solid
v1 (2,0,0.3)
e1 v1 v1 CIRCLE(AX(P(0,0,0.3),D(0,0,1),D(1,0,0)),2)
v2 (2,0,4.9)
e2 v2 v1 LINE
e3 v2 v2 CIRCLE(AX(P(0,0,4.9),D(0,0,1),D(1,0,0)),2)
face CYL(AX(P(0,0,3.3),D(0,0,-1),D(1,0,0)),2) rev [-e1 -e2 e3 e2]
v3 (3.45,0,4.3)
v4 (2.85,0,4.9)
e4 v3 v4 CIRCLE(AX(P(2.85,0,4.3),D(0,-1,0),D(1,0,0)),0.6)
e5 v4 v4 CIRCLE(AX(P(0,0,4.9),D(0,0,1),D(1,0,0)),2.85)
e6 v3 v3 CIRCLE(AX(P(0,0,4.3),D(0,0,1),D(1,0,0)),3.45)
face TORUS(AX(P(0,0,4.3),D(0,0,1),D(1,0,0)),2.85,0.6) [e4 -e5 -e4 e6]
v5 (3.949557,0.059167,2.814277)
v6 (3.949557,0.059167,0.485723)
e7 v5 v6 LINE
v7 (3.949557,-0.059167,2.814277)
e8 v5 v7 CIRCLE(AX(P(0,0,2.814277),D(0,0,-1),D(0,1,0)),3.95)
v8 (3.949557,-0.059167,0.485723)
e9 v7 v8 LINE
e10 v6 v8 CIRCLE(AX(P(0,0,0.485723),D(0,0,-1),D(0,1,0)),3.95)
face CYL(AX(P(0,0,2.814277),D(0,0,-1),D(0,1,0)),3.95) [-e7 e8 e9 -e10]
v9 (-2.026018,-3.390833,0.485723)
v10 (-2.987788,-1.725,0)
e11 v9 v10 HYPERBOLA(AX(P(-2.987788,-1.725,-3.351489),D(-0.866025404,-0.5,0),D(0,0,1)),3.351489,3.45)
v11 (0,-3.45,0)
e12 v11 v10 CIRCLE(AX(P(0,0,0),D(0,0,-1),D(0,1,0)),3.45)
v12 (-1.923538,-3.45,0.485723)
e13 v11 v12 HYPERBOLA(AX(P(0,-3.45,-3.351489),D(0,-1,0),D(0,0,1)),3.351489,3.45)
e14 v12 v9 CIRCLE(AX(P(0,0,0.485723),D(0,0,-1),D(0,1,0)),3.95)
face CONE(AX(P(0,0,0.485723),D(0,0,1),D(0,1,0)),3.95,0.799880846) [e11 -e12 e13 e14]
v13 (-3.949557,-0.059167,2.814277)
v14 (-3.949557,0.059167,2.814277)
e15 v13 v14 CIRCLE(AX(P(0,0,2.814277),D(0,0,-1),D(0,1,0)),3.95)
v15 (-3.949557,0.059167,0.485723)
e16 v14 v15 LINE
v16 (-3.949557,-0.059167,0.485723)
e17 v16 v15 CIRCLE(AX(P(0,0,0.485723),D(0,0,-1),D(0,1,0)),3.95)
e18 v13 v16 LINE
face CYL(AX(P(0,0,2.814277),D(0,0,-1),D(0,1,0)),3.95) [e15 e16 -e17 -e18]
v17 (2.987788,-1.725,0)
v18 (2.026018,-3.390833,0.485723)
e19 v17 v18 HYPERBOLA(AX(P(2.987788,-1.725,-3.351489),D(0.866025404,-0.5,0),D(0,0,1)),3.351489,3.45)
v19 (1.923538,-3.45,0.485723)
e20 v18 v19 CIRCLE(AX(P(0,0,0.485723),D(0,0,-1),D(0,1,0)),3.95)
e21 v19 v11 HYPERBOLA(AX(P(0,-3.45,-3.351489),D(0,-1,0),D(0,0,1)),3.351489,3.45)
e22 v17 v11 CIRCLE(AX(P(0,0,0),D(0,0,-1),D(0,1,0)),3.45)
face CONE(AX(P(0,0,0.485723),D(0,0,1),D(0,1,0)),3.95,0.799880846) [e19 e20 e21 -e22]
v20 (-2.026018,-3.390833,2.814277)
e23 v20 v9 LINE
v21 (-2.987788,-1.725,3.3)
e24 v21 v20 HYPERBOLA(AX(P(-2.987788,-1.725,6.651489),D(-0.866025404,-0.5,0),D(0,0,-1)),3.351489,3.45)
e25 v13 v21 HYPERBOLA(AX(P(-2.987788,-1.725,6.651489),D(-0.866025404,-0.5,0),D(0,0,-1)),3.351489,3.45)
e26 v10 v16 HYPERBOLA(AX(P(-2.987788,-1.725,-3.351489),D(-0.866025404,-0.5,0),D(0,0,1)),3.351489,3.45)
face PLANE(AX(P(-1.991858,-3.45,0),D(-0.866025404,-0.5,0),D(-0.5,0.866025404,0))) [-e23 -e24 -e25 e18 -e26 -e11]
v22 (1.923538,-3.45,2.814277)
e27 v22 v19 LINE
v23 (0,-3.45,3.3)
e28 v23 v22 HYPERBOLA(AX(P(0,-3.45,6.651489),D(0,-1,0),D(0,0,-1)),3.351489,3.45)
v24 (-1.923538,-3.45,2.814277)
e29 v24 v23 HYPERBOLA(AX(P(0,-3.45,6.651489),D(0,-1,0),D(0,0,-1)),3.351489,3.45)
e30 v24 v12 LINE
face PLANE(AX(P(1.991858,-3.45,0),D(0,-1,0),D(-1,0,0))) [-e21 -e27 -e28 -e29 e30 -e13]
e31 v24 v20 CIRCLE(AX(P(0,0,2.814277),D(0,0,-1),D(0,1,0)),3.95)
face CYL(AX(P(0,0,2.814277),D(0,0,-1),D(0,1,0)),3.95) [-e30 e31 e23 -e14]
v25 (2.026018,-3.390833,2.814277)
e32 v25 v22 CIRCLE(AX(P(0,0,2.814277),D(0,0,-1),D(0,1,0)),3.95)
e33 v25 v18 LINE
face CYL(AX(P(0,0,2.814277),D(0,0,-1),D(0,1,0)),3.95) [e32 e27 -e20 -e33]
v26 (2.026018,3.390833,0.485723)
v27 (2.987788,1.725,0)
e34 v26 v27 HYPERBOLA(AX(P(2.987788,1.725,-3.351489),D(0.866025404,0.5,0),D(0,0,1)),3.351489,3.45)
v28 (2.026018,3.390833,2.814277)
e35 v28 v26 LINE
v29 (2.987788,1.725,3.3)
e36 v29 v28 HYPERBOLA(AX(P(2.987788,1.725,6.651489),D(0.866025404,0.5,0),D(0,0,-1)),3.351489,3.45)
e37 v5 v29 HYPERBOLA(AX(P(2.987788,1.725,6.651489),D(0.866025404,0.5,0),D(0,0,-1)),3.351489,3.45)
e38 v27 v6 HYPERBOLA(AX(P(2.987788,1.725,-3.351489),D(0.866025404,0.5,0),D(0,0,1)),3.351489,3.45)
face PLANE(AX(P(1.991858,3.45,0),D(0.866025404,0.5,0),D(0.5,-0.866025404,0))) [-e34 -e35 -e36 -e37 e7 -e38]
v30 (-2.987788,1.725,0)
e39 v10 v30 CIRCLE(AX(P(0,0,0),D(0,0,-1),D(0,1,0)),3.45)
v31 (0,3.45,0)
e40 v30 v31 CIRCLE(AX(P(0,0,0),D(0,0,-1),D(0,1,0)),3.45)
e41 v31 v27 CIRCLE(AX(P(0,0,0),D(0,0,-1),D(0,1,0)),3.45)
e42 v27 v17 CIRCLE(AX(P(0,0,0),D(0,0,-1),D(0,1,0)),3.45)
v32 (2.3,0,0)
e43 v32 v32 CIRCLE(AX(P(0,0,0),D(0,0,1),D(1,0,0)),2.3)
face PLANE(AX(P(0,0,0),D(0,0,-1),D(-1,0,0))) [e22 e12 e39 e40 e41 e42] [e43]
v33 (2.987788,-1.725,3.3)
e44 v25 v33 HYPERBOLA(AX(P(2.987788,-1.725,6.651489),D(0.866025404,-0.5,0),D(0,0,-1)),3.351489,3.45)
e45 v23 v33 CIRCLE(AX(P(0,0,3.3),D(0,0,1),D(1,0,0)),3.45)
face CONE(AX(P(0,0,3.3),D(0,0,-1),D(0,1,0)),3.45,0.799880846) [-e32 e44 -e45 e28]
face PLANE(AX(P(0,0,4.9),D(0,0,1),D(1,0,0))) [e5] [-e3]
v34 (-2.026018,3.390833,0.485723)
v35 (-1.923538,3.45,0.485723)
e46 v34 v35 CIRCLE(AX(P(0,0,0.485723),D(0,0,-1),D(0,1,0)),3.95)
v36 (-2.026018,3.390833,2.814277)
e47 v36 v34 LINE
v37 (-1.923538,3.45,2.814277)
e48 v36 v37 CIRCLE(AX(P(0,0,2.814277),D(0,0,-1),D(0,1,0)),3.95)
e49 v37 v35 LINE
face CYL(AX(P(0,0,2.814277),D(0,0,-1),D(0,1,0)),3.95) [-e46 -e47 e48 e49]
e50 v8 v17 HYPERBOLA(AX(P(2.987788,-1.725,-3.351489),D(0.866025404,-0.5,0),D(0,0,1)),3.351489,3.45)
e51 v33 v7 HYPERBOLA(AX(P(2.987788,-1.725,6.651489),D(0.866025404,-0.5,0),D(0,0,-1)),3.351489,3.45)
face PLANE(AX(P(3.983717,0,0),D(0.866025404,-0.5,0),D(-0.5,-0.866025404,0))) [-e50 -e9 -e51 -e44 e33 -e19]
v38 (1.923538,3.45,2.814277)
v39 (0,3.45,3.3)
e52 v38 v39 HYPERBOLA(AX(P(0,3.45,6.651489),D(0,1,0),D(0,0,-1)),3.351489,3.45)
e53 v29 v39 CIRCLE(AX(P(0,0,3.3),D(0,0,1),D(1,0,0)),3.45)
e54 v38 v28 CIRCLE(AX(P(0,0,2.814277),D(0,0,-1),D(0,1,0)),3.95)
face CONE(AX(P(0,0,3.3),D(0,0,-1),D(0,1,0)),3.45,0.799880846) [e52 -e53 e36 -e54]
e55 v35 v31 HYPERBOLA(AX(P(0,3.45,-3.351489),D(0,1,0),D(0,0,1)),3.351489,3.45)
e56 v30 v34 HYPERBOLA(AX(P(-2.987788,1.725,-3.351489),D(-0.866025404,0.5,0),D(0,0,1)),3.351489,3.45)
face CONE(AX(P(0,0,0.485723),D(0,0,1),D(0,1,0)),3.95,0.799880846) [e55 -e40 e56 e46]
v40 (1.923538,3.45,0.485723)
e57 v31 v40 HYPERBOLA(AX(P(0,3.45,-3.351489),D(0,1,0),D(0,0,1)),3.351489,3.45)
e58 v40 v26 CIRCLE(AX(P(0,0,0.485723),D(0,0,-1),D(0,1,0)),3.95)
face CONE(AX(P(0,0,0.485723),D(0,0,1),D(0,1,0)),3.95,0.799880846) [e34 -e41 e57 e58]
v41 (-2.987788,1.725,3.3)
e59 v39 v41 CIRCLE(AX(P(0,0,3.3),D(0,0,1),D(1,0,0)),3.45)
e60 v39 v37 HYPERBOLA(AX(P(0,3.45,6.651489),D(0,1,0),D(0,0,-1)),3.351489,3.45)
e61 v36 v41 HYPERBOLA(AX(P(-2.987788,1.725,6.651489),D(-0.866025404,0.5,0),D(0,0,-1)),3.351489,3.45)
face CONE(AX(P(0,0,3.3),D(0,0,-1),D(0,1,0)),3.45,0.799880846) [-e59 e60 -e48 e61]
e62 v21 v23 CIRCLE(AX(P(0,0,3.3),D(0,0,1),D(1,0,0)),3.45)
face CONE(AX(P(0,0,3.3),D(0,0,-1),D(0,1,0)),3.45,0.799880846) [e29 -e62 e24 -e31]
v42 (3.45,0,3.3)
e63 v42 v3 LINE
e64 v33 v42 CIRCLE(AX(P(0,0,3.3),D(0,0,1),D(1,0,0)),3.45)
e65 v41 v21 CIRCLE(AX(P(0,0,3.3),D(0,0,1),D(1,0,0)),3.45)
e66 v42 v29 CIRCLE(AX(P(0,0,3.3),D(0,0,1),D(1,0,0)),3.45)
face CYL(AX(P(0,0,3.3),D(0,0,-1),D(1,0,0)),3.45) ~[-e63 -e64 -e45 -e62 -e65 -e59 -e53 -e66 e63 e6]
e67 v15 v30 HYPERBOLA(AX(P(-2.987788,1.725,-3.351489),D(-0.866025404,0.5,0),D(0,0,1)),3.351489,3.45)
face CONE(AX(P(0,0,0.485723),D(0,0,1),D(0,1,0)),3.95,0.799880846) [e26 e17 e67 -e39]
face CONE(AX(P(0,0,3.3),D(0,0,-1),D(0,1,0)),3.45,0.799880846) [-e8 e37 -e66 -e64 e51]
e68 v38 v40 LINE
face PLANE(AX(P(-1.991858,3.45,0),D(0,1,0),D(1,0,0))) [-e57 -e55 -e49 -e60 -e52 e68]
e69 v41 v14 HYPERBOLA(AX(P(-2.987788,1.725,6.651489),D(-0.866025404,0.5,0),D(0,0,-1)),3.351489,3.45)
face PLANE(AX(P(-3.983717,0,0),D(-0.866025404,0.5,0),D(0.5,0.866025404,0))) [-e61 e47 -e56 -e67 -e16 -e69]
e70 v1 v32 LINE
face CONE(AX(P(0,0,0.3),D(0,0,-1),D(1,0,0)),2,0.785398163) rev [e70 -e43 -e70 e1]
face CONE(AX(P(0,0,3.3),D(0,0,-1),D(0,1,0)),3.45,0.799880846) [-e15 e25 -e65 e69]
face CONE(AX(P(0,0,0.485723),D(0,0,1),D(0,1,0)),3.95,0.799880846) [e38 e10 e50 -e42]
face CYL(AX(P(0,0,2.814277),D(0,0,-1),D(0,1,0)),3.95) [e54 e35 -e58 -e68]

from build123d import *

# Parameters (mm, degrees)
SKETCH1_R           = 2
BOSS_EXTRUDE1_DEPTH = 3.3
SKETCH2_R           = 3.45
SKETCH2_R_2         = 2
BOSS_EXTRUDE2_DEPTH = 1.6
FILLET1_R           = 0.6
CHAMFER1_SIZE       = 0.3


with BuildPart() as part:
    # Sketch1 → Boss-Extrude1 (new body)
    with BuildSketch(Plane.XY):
        Polygon((-1.991858429, 3.45), (1.991858429, 3.45), (3.983716857, 0), (1.991858429, -3.45), (-1.991858429, -3.45), (-3.983716857, 0), align=None)
        Circle(SKETCH1_R, mode=Mode.SUBTRACT)
    extrude(amount=BOSS_EXTRUDE1_DEPTH)

    # Sketch2 → Boss-Extrude2 (add)
    with BuildSketch(Plane.XY.offset(3.3)):
        Circle(SKETCH2_R)
        Circle(SKETCH2_R_2, mode=Mode.SUBTRACT)
    extrude(amount=BOSS_EXTRUDE2_DEPTH)

    # Fillet1
    fillet1_edges = [part.edges().sort_by_distance(p)[0] for p in [
        (-3.45, 0, 4.9),
    ]]
    fillet(fillet1_edges, radius=FILLET1_R)

    # Sketch3 → Cut-Revolve1 (revolve, cut)
    with BuildSketch(Plane(origin=(0, 0, 0), x_dir=(0, 0, -1), z_dir=(1, 0, 0))):
        Polygon((-3.3, 3.45), (-2.814276913, 3.95), (-0.485723087, 3.95), (0, 3.45), (0, 4.719262328), (-3.3, 4.719262328), align=None)
    revolve(axis=Axis((0, 0, 0), (0, 0, -1)), mode=Mode.SUBTRACT)

    # Chamfer1
    chamfer1_edges = [part.edges().sort_by_distance(p)[0] for p in [
        (-2, 0, 0),
    ]]
    chamfer(chamfer1_edges, length=CHAMFER1_SIZE)


solid = part.part
